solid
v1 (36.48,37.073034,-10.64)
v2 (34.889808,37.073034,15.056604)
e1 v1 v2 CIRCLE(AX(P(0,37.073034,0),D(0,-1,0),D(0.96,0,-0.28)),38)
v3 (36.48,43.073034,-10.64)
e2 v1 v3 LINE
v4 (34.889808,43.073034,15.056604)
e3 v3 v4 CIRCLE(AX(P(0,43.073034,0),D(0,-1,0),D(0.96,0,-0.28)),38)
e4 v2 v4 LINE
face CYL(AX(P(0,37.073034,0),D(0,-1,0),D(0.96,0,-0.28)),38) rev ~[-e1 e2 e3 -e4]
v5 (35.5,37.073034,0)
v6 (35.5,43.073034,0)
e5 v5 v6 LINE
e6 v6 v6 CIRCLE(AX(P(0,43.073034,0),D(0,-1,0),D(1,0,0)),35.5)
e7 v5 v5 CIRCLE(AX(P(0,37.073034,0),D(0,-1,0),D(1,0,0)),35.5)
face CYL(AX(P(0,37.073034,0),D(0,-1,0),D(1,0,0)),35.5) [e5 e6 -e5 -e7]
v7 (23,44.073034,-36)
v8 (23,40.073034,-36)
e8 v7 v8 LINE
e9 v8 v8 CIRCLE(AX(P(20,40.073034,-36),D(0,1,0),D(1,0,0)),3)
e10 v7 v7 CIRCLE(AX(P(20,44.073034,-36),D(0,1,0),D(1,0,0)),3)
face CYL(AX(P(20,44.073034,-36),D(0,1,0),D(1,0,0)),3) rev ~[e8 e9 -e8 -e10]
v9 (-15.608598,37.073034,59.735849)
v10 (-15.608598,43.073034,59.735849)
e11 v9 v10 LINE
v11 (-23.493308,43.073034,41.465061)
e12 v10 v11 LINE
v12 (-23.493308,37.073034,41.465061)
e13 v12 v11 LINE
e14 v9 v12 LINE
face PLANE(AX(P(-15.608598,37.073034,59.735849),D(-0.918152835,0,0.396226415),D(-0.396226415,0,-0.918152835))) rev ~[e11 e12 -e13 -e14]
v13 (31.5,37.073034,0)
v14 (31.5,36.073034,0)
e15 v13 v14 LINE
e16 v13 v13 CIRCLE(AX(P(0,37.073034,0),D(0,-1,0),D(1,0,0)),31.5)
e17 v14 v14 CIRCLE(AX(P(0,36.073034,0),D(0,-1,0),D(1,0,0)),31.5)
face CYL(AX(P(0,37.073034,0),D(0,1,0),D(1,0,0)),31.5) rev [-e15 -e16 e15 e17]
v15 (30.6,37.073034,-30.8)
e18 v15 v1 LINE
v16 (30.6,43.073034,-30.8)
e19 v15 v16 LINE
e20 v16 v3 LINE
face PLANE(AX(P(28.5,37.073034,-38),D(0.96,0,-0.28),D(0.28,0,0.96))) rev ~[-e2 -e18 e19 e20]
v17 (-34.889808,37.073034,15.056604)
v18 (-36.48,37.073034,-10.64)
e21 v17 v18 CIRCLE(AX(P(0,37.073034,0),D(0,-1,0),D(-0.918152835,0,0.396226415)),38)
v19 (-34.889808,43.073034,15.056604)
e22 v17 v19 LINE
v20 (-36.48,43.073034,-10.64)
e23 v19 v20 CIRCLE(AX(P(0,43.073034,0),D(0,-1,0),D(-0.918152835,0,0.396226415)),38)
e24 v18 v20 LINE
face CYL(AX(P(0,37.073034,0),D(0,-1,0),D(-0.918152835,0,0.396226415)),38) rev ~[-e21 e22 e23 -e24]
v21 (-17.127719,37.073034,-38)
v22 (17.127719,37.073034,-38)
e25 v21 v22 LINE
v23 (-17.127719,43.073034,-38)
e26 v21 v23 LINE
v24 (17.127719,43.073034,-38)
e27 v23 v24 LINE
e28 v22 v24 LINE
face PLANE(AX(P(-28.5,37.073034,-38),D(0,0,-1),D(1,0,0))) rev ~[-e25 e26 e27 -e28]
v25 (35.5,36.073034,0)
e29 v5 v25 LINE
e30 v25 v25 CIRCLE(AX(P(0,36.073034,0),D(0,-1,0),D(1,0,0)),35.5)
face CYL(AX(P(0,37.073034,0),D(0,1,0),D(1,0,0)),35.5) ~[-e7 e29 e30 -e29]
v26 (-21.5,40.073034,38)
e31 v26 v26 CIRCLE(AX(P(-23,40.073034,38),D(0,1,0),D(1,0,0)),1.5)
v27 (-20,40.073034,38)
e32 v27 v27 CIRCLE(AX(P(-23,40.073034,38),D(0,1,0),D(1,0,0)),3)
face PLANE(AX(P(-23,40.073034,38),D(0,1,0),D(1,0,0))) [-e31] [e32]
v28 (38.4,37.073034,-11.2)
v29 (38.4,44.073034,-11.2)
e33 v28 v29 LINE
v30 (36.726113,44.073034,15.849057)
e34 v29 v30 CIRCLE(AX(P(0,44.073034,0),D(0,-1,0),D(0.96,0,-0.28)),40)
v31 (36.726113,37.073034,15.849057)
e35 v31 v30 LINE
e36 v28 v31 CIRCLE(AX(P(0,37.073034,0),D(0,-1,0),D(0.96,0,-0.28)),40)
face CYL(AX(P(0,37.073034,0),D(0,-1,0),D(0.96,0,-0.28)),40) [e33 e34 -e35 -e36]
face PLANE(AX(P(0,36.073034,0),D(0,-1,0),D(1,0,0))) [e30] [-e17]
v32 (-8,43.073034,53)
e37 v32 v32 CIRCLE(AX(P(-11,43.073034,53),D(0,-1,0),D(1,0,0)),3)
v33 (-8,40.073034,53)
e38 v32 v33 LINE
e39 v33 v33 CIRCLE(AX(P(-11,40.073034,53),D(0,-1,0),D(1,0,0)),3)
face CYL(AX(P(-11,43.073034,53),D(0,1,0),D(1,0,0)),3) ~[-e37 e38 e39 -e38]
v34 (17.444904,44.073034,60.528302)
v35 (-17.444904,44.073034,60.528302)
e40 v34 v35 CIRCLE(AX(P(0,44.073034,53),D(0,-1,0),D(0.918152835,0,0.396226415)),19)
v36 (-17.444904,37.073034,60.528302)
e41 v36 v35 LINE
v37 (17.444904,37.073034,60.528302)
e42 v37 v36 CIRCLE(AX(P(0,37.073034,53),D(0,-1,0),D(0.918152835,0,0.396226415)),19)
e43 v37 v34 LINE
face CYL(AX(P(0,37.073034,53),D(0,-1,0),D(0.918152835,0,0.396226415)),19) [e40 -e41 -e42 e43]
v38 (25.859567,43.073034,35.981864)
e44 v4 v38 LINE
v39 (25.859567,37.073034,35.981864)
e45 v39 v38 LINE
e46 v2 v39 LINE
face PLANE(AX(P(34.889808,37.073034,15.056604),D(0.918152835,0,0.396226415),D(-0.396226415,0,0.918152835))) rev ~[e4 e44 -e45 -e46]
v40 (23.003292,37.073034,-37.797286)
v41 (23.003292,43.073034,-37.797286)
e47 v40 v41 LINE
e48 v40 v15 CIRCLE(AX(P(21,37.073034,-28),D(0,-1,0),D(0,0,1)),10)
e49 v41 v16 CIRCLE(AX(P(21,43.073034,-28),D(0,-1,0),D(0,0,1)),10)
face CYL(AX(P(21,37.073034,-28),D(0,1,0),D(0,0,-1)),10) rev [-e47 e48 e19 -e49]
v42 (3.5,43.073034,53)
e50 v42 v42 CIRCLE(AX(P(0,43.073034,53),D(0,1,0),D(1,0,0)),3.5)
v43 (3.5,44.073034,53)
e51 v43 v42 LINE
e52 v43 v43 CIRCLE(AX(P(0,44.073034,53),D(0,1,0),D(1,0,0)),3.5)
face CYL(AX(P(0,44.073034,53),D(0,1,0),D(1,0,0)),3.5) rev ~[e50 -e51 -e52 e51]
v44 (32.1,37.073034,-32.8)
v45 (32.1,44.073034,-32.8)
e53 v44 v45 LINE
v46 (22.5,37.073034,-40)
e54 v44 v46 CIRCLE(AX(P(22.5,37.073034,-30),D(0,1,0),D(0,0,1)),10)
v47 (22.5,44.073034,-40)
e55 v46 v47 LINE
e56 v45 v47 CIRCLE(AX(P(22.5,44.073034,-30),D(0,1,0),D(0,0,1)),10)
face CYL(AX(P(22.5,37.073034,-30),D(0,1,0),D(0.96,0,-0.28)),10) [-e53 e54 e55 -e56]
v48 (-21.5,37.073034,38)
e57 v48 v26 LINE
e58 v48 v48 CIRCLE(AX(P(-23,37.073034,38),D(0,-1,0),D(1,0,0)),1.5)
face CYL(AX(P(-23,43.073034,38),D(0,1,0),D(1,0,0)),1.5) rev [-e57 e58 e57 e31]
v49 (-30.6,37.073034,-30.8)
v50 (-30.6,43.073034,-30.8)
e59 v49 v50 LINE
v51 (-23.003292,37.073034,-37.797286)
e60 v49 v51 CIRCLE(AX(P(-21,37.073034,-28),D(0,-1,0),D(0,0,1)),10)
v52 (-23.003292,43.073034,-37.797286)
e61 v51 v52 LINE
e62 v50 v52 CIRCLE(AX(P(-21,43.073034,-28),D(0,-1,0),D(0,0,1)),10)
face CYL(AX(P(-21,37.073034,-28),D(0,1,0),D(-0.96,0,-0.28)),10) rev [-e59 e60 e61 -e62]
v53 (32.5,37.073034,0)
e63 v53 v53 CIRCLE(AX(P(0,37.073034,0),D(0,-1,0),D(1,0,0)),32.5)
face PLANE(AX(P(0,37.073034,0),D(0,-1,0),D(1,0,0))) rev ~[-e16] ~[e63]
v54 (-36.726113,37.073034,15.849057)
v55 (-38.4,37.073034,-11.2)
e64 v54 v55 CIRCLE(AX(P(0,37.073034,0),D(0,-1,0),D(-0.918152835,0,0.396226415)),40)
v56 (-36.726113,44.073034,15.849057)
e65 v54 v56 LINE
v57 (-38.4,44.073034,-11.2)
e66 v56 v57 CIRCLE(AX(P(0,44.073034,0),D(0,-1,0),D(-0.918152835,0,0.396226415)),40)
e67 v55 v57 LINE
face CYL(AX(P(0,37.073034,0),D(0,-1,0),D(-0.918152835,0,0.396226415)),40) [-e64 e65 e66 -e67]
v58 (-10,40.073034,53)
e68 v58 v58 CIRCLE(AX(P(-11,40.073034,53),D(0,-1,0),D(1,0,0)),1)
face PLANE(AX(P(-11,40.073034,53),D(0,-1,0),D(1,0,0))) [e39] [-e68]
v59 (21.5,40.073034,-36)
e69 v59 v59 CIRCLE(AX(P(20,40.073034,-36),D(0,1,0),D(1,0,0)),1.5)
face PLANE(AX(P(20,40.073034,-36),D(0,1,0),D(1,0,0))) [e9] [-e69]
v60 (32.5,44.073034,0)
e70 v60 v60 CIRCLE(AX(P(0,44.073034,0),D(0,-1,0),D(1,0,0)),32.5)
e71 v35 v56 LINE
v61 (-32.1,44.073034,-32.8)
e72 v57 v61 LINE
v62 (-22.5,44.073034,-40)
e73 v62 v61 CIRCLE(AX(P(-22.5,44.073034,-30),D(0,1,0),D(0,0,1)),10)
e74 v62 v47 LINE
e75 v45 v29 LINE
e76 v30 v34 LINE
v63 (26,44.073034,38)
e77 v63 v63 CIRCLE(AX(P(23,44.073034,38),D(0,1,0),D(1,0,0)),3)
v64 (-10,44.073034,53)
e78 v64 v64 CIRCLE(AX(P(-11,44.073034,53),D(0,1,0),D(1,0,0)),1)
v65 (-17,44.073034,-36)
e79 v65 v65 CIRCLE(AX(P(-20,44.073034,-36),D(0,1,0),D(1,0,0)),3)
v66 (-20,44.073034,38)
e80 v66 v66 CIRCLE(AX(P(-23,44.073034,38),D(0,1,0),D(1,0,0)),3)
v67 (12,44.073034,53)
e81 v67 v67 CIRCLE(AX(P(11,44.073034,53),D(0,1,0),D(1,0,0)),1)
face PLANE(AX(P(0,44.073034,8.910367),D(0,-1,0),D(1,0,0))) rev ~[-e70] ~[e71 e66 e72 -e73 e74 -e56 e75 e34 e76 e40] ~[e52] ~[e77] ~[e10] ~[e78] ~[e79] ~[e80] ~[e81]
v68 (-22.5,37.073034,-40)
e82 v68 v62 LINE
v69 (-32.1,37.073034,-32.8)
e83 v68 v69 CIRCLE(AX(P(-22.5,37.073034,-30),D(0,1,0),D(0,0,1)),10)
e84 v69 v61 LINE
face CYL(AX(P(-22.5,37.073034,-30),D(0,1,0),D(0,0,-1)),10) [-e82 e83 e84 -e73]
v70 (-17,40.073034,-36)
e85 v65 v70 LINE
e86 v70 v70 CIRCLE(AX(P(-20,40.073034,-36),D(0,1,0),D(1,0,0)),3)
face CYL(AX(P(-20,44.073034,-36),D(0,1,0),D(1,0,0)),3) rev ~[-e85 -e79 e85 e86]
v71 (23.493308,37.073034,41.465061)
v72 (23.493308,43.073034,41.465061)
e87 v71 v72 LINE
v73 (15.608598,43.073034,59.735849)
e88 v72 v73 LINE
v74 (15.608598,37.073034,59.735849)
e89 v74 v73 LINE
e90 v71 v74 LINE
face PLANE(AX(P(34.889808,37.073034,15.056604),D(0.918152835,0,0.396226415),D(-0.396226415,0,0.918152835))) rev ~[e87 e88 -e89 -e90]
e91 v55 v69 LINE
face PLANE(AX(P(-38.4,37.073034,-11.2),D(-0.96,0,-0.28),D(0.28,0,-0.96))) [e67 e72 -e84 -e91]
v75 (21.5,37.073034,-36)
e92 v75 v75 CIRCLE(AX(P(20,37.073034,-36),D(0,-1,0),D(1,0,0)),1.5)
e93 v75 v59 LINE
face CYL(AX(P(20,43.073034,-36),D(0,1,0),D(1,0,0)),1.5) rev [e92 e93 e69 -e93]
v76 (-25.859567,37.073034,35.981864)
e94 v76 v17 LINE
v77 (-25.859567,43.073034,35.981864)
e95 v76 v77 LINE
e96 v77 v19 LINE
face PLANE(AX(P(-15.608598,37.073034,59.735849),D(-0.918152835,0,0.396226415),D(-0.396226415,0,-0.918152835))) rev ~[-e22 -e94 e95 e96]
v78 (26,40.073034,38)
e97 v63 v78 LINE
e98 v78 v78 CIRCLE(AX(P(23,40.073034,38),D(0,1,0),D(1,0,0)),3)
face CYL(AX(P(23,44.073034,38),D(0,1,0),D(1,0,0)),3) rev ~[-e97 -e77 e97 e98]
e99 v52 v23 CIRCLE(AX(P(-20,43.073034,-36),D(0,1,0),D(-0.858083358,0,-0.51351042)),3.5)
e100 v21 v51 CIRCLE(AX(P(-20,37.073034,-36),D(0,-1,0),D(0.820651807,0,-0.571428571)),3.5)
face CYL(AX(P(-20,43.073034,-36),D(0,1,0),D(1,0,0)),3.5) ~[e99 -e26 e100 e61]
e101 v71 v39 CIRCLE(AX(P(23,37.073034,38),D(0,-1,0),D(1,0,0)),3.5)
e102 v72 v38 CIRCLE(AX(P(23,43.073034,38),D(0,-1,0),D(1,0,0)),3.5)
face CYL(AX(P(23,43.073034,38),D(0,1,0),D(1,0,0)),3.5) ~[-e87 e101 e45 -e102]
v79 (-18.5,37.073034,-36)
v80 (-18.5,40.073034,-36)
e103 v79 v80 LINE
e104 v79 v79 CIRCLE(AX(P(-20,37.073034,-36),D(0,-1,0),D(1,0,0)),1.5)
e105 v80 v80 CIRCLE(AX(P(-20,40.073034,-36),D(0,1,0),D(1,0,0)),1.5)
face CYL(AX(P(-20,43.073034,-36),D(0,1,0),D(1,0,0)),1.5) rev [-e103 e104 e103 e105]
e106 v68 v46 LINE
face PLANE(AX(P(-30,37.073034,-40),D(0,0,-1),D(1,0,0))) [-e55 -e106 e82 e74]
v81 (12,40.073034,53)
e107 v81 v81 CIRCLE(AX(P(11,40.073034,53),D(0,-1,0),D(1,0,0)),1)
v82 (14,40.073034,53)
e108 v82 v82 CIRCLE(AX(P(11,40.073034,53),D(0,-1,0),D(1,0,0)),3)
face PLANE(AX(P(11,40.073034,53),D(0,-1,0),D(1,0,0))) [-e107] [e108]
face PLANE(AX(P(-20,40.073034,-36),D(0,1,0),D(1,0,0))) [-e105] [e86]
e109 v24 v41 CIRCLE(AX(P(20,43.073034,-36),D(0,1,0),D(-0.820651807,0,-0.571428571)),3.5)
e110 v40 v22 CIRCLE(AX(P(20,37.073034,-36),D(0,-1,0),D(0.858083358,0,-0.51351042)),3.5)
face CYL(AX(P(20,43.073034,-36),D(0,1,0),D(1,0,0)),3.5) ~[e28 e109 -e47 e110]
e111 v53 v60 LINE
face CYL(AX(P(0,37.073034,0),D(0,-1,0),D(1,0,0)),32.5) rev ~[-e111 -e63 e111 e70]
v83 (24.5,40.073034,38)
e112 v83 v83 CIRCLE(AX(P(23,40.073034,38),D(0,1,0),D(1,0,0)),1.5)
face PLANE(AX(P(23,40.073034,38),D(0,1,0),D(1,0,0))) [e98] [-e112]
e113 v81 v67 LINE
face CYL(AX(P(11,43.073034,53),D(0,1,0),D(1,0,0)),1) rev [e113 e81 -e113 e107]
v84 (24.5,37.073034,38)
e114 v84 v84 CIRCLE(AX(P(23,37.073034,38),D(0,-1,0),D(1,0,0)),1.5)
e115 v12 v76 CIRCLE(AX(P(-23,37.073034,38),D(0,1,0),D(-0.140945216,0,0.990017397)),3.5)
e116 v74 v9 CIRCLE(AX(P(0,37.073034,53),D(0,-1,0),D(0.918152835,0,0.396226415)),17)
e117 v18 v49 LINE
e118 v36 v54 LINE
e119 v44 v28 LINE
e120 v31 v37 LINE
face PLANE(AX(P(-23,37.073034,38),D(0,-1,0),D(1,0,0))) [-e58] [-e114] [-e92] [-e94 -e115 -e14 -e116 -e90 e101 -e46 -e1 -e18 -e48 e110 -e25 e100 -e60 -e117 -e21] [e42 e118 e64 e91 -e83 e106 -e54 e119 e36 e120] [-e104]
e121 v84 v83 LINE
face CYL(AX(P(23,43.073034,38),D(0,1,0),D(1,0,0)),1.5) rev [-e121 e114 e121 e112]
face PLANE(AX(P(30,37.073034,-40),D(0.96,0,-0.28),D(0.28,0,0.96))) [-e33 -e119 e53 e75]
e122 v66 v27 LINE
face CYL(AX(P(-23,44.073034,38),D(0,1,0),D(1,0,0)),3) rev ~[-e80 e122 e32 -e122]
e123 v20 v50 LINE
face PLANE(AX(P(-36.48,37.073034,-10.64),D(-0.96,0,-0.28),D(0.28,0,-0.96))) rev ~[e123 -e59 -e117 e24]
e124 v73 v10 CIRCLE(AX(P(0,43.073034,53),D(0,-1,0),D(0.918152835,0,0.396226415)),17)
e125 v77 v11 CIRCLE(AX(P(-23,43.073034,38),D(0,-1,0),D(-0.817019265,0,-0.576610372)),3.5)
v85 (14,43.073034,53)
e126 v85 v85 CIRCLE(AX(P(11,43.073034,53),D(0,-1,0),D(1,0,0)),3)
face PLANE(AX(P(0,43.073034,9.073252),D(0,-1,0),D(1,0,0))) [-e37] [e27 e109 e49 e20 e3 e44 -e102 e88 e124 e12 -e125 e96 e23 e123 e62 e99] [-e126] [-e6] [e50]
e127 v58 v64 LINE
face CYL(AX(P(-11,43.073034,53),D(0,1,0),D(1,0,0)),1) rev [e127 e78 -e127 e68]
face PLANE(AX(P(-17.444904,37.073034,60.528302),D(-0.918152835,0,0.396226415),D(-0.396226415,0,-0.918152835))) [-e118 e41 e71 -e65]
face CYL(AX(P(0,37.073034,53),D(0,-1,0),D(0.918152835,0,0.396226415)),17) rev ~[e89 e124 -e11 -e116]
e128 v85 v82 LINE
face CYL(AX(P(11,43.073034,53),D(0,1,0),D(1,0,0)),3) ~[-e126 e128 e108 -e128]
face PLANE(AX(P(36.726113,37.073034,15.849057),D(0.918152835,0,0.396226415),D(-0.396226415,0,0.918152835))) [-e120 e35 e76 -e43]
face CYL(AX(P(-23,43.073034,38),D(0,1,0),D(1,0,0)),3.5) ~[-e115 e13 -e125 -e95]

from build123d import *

# Parameters (mm, degrees)
SKETCH1_R           = 32.5
BOSS_EXTRUDE1_DEPTH = 7
SKETCH2_R           = 3.5
SKETCH2_R_2         = 1
CUT_EXTRUDE1_DEPTH  = 10
SKETCH3_R           = 35.5
CUT_EXTRUDE2_DEPTH  = 6
FILLET1_R           = 10
SKETCH4_R           = 1.5
CUT_EXTRUDE3_DEPTH  = 10
SKETCH5_R           = 3.5
SKETCH5_R_2         = 1.5
BOSS_EXTRUDE2_DEPTH = 6
SKETCH6_R           = 3
CUT_EXTRUDE4_DEPTH  = 4
SKETCH8_R           = 3
SKETCH8_R_2         = 1
BOSS_EXTRUDE3_DEPTH = 3
SKETCH9_R           = 35.5
SKETCH9_R_2         = 31.5
BOSS_EXTRUDE4_DEPTH = 1


with BuildPart() as part:
    # Sketch1 → Boss-Extrude1 (new body)
    with BuildSketch(Plane.XZ.offset(-37.073034342)):
        with BuildLine():
            ThreePointArc((38.4, -11.2), (39.923628268, 2.470608411), (36.72611339, 15.849056604))
            Line((36.72611339, 15.849056604), (17.44490386, 60.528301887))
            ThreePointArc((17.44490386, 60.528301887), (0, 72), (-17.44490386, 60.528301887))
            Line((-17.44490386, 60.528301887), (-36.72611339, 15.849056604))
            ThreePointArc((-36.72611339, 15.849056604), (-39.923628268, 2.470608411), (-38.4, -11.2))
            Line((-38.4, -11.2), (-30, -40))
            Line((-30, -40), (30, -40))
            Line((30, -40), (38.4, -11.2))
        make_face()
        Circle(SKETCH1_R, mode=Mode.SUBTRACT)
    extrude(amount=-BOSS_EXTRUDE1_DEPTH)

    # Sketch2 → Cut-Extrude1 (cut)
    with BuildSketch(Plane(origin=(0, 44.073034342, 0), x_dir=(1, 0, 0), z_dir=(0, 1, 0))):
        with Locations((0, -53)):
            Circle(SKETCH2_R)
        with Locations((11, -53)):
            Circle(SKETCH2_R_2)
        with Locations((-11, -53)):
            Circle(SKETCH2_R_2)
    extrude(amount=-CUT_EXTRUDE1_DEPTH, mode=Mode.SUBTRACT)

    # Sketch3 → Cut-Extrude2 (cut)
    with BuildSketch(Plane.XZ.offset(-37.073034342)):
        with BuildLine():
            Line((34.889807721, 15.056603774), (15.608598191, 59.735849057))
            ThreePointArc((15.608598191, 59.735849057), (0, 70), (-15.608598191, 59.735849057))
            Line((-15.608598191, 59.735849057), (-34.889807721, 15.056603774))
            ThreePointArc((-34.889807721, 15.056603774), (-37.927446855, 2.347077991), (-36.48, -10.64))
            Line((-36.48, -10.64), (-28.5, -38))
            Line((-28.5, -38), (28.5, -38))
            Line((28.5, -38), (36.48, -10.64))
            ThreePointArc((36.48, -10.64), (37.927446855, 2.347077991), (34.889807721, 15.056603774))
        make_face()
        Circle(SKETCH3_R, mode=Mode.SUBTRACT)
    extrude(amount=-CUT_EXTRUDE2_DEPTH, mode=Mode.SUBTRACT)

    # Fillet1
    fillet1_edges = [part.edges().sort_by_distance(p)[0] for p in [
        (30, 40.573034342, -40),
        (-30, 40.573034342, -40),
        (28.5, 40.073034342, -38),
        (-28.5, 40.073034342, -38),
    ]]
    fillet(fillet1_edges, radius=FILLET1_R)

    # Sketch4 → Cut-Extrude3 (cut)
    with BuildSketch(Plane(origin=(0, 44.073034342, 0), x_dir=(1, 0, 0), z_dir=(0, 1, 0))):
        with Locations((-20, 36)):
            Circle(SKETCH4_R)
        with Locations((20, 36)):
            Circle(SKETCH4_R)
        with Locations((23, -38)):
            Circle(SKETCH4_R)
        with Locations((-23, -38)):
            Circle(SKETCH4_R)
    extrude(amount=-CUT_EXTRUDE3_DEPTH, mode=Mode.SUBTRACT)

    # Sketch5 → Boss-Extrude2 (add)
    with BuildSketch(Plane.XZ.offset(-43.073034342)):
        with Locations((-23, 38)):
            Circle(SKETCH5_R)
        with Locations((-23, 38)):
            Circle(SKETCH5_R_2, mode=Mode.SUBTRACT)
        with Locations((23, 38)):
            Circle(SKETCH5_R)
        with Locations((23, 38)):
            Circle(SKETCH5_R_2, mode=Mode.SUBTRACT)
        with Locations((-20, -36)):
            Circle(SKETCH5_R)
        with Locations((-20, -36)):
            Circle(SKETCH5_R_2, mode=Mode.SUBTRACT)
        with Locations((20, -36)):
            Circle(SKETCH5_R)
        with Locations((20, -36)):
            Circle(SKETCH5_R_2, mode=Mode.SUBTRACT)
    extrude(amount=BOSS_EXTRUDE2_DEPTH)

    # Sketch6 → Cut-Extrude4 (cut)
    with BuildSketch(Plane(origin=(0, 44.073034342, 0), x_dir=(1, 0, 0), z_dir=(0, 1, 0))):
        with Locations((-20, 36)):
            Circle(SKETCH6_R)
        with Locations((20, 36)):
            Circle(SKETCH6_R)
        with Locations((-23, -38)):
            Circle(SKETCH6_R)
        with Locations((23, -38)):
            Circle(SKETCH6_R)
    extrude(amount=-CUT_EXTRUDE4_DEPTH, mode=Mode.SUBTRACT)

    # Sketch8 → Boss-Extrude3 (add)
    with BuildSketch(Plane.XZ.offset(-43.073034342)):
        with Locations((11, 53)):
            Circle(SKETCH8_R)
        with Locations((11, 53)):
            Circle(SKETCH8_R_2, mode=Mode.SUBTRACT)
        with Locations((-11, 53)):
            Circle(SKETCH8_R)
        with Locations((-11, 53)):
            Circle(SKETCH8_R_2, mode=Mode.SUBTRACT)
    extrude(amount=BOSS_EXTRUDE3_DEPTH)

    # Sketch9 → Boss-Extrude4 (add)
    with BuildSketch(Plane.XZ.offset(-37.073034342)):
        Circle(SKETCH9_R)
        Circle(SKETCH9_R_2, mode=Mode.SUBTRACT)
    extrude(amount=BOSS_EXTRUDE4_DEPTH)


solid = part.part
